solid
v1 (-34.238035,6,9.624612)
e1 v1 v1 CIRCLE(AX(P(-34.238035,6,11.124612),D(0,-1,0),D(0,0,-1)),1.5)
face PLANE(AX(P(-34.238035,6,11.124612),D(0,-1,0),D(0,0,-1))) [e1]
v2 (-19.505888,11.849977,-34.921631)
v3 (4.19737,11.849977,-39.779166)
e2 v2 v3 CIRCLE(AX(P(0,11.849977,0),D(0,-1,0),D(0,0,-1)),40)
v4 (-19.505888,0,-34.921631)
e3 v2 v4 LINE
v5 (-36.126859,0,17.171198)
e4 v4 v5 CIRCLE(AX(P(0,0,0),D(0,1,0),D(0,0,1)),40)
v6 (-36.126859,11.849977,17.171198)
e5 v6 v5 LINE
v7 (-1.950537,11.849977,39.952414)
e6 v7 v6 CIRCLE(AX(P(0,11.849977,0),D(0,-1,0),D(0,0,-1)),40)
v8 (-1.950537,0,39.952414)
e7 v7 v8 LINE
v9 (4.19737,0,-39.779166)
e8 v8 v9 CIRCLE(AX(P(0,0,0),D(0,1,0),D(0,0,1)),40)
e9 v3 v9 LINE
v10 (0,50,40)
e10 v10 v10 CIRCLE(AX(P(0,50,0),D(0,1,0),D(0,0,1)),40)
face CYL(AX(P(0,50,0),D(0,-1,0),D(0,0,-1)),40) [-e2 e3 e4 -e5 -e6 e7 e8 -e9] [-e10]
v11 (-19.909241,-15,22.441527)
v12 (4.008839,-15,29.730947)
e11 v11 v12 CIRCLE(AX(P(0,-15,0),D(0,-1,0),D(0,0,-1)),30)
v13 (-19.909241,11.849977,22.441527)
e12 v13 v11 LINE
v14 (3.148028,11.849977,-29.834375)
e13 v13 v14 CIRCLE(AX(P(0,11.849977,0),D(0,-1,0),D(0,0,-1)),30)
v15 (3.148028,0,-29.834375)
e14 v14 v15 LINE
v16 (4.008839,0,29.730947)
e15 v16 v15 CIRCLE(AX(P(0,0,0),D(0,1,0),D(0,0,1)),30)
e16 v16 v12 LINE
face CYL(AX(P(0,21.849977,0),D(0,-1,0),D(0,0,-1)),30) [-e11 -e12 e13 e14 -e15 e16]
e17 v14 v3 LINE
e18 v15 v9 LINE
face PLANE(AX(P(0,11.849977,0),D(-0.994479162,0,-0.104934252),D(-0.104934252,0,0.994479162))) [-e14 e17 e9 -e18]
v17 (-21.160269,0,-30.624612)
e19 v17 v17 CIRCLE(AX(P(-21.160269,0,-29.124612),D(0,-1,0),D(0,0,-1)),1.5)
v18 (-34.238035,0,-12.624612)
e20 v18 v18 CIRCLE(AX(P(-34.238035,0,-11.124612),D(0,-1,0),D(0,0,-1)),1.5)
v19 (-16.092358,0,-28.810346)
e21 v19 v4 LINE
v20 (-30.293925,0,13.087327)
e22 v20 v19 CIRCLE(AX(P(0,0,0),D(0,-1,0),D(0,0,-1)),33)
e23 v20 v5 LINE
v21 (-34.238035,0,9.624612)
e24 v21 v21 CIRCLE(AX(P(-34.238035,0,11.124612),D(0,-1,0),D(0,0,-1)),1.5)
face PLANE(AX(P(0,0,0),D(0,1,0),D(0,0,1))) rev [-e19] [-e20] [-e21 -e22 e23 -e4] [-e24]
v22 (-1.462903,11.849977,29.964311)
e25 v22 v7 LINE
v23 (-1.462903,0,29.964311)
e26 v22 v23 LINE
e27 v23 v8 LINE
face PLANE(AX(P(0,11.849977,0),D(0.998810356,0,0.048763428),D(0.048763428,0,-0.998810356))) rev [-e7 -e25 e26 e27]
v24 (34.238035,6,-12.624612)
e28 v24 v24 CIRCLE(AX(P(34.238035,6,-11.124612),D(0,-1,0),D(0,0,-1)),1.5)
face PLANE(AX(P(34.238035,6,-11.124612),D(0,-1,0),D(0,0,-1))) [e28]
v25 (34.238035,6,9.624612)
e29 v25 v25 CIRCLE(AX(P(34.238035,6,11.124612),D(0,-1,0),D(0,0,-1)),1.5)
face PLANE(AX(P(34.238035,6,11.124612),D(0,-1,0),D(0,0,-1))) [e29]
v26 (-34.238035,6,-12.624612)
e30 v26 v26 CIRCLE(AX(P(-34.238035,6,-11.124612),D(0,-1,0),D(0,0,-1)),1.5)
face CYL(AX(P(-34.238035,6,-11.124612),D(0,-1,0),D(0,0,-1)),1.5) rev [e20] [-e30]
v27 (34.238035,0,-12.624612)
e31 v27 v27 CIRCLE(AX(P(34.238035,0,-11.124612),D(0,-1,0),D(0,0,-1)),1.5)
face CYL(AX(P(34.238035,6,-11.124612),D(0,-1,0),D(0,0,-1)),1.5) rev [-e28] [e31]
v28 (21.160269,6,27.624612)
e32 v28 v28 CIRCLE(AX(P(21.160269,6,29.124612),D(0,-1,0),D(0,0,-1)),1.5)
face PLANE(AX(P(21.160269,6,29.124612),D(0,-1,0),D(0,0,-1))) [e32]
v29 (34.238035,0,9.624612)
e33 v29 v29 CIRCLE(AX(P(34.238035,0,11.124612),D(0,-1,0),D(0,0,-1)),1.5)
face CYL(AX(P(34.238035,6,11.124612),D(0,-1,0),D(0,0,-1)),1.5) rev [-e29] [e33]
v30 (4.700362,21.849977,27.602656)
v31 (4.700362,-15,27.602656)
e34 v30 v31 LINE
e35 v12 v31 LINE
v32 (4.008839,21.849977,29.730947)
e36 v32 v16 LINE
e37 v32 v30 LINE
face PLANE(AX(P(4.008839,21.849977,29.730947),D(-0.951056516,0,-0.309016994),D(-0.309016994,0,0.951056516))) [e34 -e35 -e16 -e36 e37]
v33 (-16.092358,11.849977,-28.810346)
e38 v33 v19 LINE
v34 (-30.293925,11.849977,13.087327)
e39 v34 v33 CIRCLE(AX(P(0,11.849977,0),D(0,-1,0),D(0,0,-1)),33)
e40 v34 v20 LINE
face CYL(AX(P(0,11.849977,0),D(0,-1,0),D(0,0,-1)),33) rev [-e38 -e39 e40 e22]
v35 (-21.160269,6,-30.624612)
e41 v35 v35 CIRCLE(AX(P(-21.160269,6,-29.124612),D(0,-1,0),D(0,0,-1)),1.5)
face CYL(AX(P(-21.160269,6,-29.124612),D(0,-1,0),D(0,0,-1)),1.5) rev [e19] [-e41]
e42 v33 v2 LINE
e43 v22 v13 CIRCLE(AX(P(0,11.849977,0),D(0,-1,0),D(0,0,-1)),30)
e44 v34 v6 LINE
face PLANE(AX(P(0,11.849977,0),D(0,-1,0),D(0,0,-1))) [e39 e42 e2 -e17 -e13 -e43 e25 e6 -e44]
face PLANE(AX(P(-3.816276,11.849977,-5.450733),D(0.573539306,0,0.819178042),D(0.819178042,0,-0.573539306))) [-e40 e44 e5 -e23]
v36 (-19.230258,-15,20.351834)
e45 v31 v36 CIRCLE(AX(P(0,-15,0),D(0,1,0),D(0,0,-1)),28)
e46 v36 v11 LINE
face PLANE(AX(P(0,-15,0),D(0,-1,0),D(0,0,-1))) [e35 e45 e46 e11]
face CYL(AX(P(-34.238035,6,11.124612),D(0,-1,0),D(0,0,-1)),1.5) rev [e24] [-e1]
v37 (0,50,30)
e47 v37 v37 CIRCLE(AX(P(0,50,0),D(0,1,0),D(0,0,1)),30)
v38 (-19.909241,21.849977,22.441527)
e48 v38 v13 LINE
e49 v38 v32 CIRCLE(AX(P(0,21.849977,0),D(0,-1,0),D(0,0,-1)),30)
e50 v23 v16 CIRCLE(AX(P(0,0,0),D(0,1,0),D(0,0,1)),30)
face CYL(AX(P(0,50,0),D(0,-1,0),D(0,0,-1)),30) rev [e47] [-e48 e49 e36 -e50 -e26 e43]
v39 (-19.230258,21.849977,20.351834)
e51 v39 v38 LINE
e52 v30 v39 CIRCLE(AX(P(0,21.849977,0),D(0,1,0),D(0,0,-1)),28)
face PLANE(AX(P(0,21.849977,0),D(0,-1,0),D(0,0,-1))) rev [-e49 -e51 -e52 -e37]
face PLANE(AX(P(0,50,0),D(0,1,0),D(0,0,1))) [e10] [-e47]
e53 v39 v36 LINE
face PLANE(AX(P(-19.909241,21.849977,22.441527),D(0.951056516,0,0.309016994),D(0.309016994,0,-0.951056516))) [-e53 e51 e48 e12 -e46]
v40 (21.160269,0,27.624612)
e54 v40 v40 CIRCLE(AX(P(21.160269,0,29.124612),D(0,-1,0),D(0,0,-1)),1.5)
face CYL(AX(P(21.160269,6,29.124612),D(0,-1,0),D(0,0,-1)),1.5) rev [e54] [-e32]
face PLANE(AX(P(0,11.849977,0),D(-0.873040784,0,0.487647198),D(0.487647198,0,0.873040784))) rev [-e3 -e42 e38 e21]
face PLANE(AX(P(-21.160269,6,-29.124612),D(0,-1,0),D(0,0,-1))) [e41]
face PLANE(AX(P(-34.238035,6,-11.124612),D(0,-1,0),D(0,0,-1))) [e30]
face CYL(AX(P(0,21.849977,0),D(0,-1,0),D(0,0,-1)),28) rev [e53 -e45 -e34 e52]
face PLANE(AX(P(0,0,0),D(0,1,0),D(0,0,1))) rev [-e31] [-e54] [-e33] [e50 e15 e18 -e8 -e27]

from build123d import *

# Parameters (mm, degrees)
ESBO_O1_R                     = 40
ESBO_O1_R_2                   = 30
RESSALTO_EXTRUS_O1_DEPTH      = 50
ESBO_O2_R                     = 1.5
CORTE_EXTRUS_O1_DEPTH         = 6
CORTE_EXTRUS_O2_DEPTH         = 11.84997677
RESSALTO_EXTRUS_O2_DEPTH      = 26.84997677
RESSALTO_EXTRUS_O2_DEPTH_BACK = 10


with BuildPart() as part:
    # Esboço1 → Ressalto-extrusão1 (new body)
    with BuildSketch(Plane(origin=(0, 0, 0), x_dir=(1, 0, 0), z_dir=(0, 1, 0))):
        with Locations(Location((0, 0, 0), (0, 0, 270))):
            Circle(ESBO_O1_R)
        with Locations(Location((0, 0, 0), (0, 0, 270))):
            Circle(ESBO_O1_R_2, mode=Mode.SUBTRACT)
    extrude(amount=RESSALTO_EXTRUS_O1_DEPTH)

    # Esboço2 → Corte-extrusão1 (cut)
    with BuildSketch(Plane(origin=(0, 0, 0), x_dir=(-1, 0, 0), z_dir=(0, -1, 0))):
        with Locations(Location((-21.160269083, -29.124611797, 0), (0, 0, 90))):
            Circle(ESBO_O2_R)
        with Locations(Location((-34.238034587, -11.124611797, 0), (0, 0, 90))):
            Circle(ESBO_O2_R)
        with Locations(Location((-34.238034587, 11.124611797, 0), (0, 0, 90))):
            Circle(ESBO_O2_R)
        with Locations(Location((21.160269083, 29.124611797, 0), (0, 0, 90))):
            Circle(ESBO_O2_R)
        with Locations(Location((34.238034587, 11.124611797, 0), (0, 0, 90))):
            Circle(ESBO_O2_R)
        with Locations(Location((34.238034587, -11.124611797, 0), (0, 0, 90))):
            Circle(ESBO_O2_R)
    extrude(amount=-CORTE_EXTRUS_O1_DEPTH, mode=Mode.SUBTRACT)

    # Esboço3 → Corte-extrusão2 (cut)
    with BuildSketch(Plane(origin=(0, 0, 0), x_dir=(-1, 0, 0), z_dir=(0, -1, 0))):
        with BuildLine():
            ThreePointArc((30.293924668, -13.087327008), (31.253408489, 10.593604572), (16.092357529, 28.81034587))
            Line((16.092357529, 28.81034587), (19.505887914, 34.921631358))
            ThreePointArc((19.505887914, 34.921631358), (8.030354378, 39.185627576), (-4.197370073, 39.779166463))
            Line((-4.197370073, 39.779166463), (-3.148027555, 29.834374847))
            ThreePointArc((-3.148027555, 29.834374847), (29.911212101, 2.306380417), (1.462902849, -29.964310692))
            Line((1.462902849, -29.964310692), (1.950537132, -39.952414256))
            ThreePointArc((1.950537132, -39.952414256), (22.185986252, -33.283359416), (36.126859334, -17.171197823))
            Line((36.126859334, -17.171197823), (30.293924668, -13.087327008))
        make_face()
    extrude(amount=-CORTE_EXTRUS_O2_DEPTH, mode=Mode.SUBTRACT)

    # Esboço4 → Ressalto-extrusão2 (add, two sides: drawn at the far end of the back side and taken through both)
    with BuildSketch(Plane(origin=(0, 11.84997677, 0), x_dir=(-1, 0, 0), z_dir=(0, -1, 0)).offset(-RESSALTO_EXTRUS_O2_DEPTH_BACK)):
        with BuildLine():
            Line((-4.008838629, -29.730947056), (-4.700362463, -27.602655537))
            ThreePointArc((-4.700362463, -27.602655537), (-8.119302432, 26.79695744), (19.230258499, -20.351834268))
            Line((19.230258499, -20.351834268), (19.909240802, -22.441526924))
            ThreePointArc((19.909240802, -22.441526924), (-8.745833796, 28.696870757), (-4.008838629, -29.730947056))
        make_face()
    extrude(amount=RESSALTO_EXTRUS_O2_DEPTH + RESSALTO_EXTRUS_O2_DEPTH_BACK)


solid = part.part
